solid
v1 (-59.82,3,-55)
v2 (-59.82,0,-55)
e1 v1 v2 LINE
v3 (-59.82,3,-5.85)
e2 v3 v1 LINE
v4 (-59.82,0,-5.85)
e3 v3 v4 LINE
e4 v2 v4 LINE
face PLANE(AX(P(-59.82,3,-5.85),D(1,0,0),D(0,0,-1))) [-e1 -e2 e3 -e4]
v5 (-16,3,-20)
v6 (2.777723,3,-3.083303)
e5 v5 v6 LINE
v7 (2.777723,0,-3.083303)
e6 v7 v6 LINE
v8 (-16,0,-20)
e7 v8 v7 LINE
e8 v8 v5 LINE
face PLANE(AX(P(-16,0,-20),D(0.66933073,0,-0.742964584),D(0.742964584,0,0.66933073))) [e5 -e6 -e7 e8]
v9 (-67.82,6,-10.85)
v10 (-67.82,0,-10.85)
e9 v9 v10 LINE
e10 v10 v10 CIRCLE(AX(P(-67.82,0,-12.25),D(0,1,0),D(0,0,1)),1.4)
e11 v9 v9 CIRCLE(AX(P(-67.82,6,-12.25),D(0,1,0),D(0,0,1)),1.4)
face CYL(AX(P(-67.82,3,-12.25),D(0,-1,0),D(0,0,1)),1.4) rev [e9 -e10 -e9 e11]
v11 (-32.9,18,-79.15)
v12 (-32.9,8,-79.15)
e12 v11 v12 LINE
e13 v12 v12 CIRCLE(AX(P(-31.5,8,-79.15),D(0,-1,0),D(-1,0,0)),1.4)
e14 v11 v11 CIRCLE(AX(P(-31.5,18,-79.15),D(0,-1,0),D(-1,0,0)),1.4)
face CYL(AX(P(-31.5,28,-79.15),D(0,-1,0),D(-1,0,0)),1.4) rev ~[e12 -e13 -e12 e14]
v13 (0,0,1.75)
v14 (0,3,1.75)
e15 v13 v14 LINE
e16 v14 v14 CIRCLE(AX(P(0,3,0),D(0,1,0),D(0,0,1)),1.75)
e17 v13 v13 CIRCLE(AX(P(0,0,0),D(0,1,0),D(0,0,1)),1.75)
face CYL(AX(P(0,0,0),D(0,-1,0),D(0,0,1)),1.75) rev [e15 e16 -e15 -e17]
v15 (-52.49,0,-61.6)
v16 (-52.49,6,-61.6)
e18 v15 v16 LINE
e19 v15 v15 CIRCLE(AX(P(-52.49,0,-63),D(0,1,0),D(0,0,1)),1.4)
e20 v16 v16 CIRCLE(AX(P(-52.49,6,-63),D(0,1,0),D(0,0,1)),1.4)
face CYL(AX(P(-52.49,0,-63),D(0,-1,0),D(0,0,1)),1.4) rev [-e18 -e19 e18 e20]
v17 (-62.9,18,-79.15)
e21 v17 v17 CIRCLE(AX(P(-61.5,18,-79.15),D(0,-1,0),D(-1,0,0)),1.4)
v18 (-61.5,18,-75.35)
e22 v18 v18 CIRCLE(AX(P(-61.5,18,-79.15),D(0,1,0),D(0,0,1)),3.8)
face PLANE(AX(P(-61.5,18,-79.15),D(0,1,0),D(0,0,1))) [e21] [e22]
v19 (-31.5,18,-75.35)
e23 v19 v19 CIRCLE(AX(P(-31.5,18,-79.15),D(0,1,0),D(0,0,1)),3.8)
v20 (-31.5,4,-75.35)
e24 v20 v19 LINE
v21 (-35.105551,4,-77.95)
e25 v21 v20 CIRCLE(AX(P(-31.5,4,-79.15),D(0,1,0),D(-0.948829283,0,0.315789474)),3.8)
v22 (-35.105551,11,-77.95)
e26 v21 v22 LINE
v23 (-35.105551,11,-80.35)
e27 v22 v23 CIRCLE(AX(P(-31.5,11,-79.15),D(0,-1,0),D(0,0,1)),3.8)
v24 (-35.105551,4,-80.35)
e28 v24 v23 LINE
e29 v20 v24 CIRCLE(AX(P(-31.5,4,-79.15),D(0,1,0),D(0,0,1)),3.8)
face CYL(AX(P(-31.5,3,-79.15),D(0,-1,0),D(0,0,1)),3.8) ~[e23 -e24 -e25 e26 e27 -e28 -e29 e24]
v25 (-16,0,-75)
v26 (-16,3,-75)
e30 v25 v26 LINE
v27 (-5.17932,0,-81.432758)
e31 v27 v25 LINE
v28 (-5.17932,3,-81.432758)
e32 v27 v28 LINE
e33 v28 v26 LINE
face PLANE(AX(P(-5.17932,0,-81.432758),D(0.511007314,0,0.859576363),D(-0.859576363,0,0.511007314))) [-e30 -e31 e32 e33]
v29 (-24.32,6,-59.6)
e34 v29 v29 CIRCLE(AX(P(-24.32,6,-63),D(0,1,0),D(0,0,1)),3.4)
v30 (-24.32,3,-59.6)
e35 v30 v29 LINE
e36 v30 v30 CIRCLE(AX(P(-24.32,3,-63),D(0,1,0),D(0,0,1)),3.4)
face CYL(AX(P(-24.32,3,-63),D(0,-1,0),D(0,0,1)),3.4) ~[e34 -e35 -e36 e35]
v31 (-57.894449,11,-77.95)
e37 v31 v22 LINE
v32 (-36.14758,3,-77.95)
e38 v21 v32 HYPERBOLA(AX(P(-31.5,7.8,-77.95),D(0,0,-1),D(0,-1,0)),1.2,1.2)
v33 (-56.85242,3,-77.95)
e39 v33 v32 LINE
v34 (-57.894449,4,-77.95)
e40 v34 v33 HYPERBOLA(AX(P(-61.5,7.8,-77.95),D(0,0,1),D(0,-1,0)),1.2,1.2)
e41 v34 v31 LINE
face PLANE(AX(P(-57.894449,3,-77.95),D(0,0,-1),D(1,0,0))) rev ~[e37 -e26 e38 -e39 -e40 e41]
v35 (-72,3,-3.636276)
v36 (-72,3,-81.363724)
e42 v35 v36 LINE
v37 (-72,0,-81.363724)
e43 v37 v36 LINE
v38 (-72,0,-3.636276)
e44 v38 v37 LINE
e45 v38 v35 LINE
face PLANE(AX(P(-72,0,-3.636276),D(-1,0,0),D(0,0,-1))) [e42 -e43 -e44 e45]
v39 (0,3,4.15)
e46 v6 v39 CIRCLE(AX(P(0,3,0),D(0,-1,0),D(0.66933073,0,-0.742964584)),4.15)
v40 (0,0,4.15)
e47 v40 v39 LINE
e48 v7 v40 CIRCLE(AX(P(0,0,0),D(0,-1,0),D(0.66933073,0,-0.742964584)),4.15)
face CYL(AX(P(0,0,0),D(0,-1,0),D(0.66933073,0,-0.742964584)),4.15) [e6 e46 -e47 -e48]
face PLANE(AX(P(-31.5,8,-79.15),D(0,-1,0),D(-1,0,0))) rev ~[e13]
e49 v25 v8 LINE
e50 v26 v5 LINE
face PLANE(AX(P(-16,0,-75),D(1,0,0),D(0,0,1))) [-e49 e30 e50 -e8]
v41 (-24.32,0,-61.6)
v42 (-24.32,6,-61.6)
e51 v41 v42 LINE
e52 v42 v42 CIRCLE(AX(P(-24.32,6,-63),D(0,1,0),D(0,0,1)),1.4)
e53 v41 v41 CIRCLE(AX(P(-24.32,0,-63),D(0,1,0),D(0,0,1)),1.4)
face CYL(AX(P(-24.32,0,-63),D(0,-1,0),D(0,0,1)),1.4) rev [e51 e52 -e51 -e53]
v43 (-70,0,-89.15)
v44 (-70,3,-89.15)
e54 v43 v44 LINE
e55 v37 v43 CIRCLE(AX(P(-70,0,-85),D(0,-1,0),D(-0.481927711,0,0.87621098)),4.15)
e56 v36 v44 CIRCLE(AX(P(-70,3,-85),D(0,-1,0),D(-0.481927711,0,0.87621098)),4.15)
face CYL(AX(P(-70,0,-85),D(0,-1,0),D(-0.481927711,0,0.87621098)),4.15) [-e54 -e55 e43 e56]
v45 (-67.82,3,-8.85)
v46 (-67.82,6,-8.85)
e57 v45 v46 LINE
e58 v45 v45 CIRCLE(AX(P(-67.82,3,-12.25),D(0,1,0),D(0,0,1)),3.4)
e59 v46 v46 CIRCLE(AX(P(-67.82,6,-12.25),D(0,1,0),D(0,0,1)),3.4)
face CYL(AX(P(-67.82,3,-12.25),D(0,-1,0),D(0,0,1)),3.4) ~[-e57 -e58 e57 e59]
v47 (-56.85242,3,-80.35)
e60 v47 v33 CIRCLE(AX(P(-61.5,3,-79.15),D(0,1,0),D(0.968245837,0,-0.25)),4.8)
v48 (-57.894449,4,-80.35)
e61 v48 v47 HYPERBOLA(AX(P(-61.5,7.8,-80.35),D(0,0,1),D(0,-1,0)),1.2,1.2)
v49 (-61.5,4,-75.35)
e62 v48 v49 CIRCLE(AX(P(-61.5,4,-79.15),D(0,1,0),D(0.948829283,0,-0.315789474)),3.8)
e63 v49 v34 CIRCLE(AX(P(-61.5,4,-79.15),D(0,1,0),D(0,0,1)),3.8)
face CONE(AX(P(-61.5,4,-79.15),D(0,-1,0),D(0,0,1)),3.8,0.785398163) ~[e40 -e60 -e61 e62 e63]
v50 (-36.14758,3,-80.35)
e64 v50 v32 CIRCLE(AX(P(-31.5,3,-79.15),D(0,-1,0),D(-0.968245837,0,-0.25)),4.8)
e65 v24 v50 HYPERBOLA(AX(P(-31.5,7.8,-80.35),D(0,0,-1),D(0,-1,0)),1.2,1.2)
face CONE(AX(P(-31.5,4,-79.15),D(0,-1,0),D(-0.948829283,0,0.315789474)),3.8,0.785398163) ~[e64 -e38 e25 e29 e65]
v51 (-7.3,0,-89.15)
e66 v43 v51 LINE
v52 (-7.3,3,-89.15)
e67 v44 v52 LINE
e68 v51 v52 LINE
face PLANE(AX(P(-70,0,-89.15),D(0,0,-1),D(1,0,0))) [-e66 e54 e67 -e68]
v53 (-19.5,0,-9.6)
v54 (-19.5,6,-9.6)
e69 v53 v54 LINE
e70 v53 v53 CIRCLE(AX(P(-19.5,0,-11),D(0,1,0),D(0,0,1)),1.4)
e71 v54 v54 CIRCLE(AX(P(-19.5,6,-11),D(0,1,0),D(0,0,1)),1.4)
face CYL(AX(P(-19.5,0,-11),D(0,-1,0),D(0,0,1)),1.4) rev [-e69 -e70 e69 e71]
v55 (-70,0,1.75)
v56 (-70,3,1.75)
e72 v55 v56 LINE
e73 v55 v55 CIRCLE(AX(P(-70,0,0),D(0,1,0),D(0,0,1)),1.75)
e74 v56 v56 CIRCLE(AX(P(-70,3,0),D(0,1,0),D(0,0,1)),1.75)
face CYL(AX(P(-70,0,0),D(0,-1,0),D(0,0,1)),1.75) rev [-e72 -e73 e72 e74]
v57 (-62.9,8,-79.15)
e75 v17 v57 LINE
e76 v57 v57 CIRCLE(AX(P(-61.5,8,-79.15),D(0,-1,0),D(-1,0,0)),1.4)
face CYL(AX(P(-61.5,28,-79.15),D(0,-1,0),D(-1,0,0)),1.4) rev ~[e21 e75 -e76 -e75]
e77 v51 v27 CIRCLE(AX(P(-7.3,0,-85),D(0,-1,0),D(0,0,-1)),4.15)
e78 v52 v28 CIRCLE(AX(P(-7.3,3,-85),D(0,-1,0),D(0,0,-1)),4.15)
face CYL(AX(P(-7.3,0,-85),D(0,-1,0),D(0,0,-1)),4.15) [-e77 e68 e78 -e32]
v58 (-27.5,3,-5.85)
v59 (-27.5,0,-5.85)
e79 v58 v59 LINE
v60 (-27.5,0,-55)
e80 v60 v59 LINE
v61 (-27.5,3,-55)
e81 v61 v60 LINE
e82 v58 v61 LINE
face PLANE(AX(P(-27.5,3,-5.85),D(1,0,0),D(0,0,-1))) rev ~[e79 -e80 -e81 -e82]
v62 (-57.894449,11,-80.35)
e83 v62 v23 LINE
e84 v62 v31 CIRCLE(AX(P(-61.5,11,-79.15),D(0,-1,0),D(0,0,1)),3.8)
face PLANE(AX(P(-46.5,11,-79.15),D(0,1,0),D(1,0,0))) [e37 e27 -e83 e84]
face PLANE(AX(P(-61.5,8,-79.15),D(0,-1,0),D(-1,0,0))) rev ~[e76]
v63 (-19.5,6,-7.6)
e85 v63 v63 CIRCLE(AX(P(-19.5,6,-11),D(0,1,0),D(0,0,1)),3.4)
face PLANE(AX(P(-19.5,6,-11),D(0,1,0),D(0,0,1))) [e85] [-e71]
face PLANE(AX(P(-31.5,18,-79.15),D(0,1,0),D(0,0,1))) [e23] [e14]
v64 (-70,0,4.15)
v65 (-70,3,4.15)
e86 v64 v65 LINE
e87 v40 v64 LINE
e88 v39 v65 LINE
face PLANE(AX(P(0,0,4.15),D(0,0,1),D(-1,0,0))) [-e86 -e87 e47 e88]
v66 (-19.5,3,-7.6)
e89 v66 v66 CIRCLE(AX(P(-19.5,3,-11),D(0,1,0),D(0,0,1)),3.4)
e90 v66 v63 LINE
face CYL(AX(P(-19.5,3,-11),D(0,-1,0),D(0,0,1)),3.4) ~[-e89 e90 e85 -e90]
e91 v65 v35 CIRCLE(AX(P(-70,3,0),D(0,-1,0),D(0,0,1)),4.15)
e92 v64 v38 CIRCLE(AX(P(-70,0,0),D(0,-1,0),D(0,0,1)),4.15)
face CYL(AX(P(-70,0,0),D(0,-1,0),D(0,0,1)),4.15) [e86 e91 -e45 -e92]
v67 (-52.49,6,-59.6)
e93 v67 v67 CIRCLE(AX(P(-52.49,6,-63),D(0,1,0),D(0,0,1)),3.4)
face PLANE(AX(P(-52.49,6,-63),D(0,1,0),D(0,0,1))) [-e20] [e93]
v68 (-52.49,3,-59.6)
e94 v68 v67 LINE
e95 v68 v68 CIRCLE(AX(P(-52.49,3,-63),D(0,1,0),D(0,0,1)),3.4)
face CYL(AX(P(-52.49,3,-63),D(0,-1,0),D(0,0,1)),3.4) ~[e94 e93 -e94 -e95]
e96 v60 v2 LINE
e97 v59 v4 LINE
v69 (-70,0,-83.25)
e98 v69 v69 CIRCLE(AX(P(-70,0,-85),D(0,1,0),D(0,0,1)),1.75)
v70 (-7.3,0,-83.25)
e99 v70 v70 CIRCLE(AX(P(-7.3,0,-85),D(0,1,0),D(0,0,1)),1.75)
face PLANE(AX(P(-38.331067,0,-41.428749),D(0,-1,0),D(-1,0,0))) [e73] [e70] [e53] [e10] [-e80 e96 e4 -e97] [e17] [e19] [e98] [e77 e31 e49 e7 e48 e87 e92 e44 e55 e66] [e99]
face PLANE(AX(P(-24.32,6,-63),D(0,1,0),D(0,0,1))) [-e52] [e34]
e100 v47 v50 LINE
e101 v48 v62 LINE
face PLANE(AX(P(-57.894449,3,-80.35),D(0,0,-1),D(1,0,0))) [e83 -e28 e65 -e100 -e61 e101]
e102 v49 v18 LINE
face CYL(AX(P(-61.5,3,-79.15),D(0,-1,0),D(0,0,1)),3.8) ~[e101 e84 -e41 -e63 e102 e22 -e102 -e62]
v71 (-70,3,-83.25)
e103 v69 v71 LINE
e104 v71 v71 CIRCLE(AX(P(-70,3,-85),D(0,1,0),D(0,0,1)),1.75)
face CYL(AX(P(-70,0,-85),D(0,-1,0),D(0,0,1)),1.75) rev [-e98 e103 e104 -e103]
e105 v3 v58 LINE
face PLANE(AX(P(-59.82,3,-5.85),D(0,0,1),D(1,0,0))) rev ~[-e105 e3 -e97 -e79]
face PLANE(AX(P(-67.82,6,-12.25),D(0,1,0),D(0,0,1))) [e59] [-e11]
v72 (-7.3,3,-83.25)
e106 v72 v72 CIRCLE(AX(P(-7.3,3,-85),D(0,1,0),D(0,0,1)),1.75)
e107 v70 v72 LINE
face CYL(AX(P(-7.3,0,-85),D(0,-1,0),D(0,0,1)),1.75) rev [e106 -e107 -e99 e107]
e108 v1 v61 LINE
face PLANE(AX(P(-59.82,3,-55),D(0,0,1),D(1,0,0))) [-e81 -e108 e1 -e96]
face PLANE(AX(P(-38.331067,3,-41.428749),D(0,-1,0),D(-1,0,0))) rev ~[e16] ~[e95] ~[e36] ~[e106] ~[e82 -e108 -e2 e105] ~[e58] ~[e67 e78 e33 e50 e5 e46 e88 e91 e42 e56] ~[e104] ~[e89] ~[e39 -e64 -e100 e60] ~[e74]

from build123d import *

# Parameters (mm, degrees)
SCHIZZO1_R                   = 1.4
SCHIZZO1_R_2                 = 1.75
ESTRUSIONE_ESTRUSIONE1_DEPTH = 3
SCHIZZO2_R                   = 3.4
SCHIZZO2_R_2                 = 1.4
ESTRUSIONE_ESTRUSIONE2_DEPTH = 3
SCHIZZO3_R                   = 3.8
ESTRUSIONE_ESTRUSIONE3_DEPTH = 15
FORO_2_8_2_8_1_D             = 2.8
FORO_2_8_2_8_1_DEPTH         = 10
SCHIZZO6_W                   = 22.78889745
SCHIZZO6_H                   = 2.4
ESTRUSIONE_ESTRUSIONE4_DEPTH = 8
SMUSSO1_SIZE                 = 1
SCHIZZO8_W                   = 32.32
SCHIZZO8_H                   = 49.15
TAGLIO_ESTRUSIONE1_DEPTH     = 117.922816422


with BuildPart() as part:
    # Schizzo1 → Estrusione-Estrusione1 (new body)
    with BuildSketch(Plane(origin=(0, 0, 0), x_dir=(1, 0, 0), z_dir=(0, 1, 0))):
        with BuildLine():
            Line((-72, 3.636275567), (-72, 81.363724433))
            ThreePointArc((-72, 81.363724433), (-74.019517608, 86.032462202), (-70, 89.15))
            Line((-70, 89.15), (-7.3, 89.15))
            ThreePointArc((-7.3, 89.15), (-3.298340724, 86.09964678), (-5.179319645, 81.432758092))
            Line((-5.179319645, 81.432758092), (-16, 75))
            Line((-16, 75), (-16, 20))
            Line((-16, 20), (2.777722531, 3.083303025))
            ThreePointArc((2.777722531, 3.083303025), (3.87415846, -1.48774871), (0, -4.15))
            Line((0, -4.15), (-70, -4.15))
            ThreePointArc((-70, -4.15), (-74.019517608, -1.032462202), (-72, 3.636275567))
        make_face()
        with Locations(Location((-67.82, 12.25, 0), (0, 0, 270))):
            Circle(SCHIZZO1_R, mode=Mode.SUBTRACT)
        with Locations(Location((-19.5, 11, 0), (0, 0, 270))):
            Circle(SCHIZZO1_R, mode=Mode.SUBTRACT)
        with Locations(Location((-24.32, 63, 0), (0, 0, 270))):
            Circle(SCHIZZO1_R, mode=Mode.SUBTRACT)
        with Locations(Location((-52.49, 63, 0), (0, 0, 270))):
            Circle(SCHIZZO1_R, mode=Mode.SUBTRACT)
        with Locations(Location((0, 0, 0), (0, 0, 270))):
            Circle(SCHIZZO1_R_2, mode=Mode.SUBTRACT)
        with Locations(Location((-70, 0, 0), (0, 0, 270))):
            Circle(SCHIZZO1_R_2, mode=Mode.SUBTRACT)
        with Locations(Location((-70, 85, 0), (0, 0, 270))):
            Circle(SCHIZZO1_R_2, mode=Mode.SUBTRACT)
        with Locations(Location((-7.3, 85, 0), (0, 0, 270))):
            Circle(SCHIZZO1_R_2, mode=Mode.SUBTRACT)
    extrude(amount=ESTRUSIONE_ESTRUSIONE1_DEPTH)

    # Schizzo2 → Estrusione-Estrusione2 (add)
    # profile 1 of 4: a face of its own
    with BuildSketch(Plane(origin=(0, 3, 0), x_dir=(1, 0, 0), z_dir=(0, 1, 0))):
        with Locations(Location((-67.82, 12.25, 0), (0, 0, 270))):
            Circle(SCHIZZO2_R)
        with Locations(Location((-67.82, 12.25, 0), (0, 0, 270))):
            Circle(SCHIZZO2_R_2, mode=Mode.SUBTRACT)
    # profile 2 of 4: a face of its own
    with BuildSketch(Plane(origin=(0, 3, 0), x_dir=(1, 0, 0), z_dir=(0, 1, 0))):
        with Locations(Location((-19.5, 11, 0), (0, 0, 270))):
            Circle(SCHIZZO2_R)
        with Locations(Location((-19.5, 11, 0), (0, 0, 270))):
            Circle(SCHIZZO2_R_2, mode=Mode.SUBTRACT)
    # profile 3 of 4: a face of its own
    with BuildSketch(Plane(origin=(0, 3, 0), x_dir=(1, 0, 0), z_dir=(0, 1, 0))):
        with Locations(Location((-24.32, 63, 0), (0, 0, 270))):
            Circle(SCHIZZO2_R)
        with Locations(Location((-24.32, 63, 0), (0, 0, 270))):
            Circle(SCHIZZO2_R_2, mode=Mode.SUBTRACT)
    # profile 4 of 4: a face of its own
    with BuildSketch(Plane(origin=(0, 3, 0), x_dir=(1, 0, 0), z_dir=(0, 1, 0))):
        with Locations(Location((-52.49, 63, 0), (0, 0, 270))):
            Circle(SCHIZZO2_R)
        with Locations(Location((-52.49, 63, 0), (0, 0, 270))):
            Circle(SCHIZZO2_R_2, mode=Mode.SUBTRACT)
    extrude(amount=ESTRUSIONE_ESTRUSIONE2_DEPTH)

    # Schizzo3 → Estrusione-Estrusione3 (add)
    with BuildSketch(Plane(origin=(0, 3, 0), x_dir=(1, 0, 0), z_dir=(0, 1, 0))):
        with Locations(Location((-61.5, 79.15, 0), (0, 0, 270))):
            Circle(SCHIZZO3_R)
        with Locations(Location((-31.5, 79.15, 0), (0, 0, 270))):
            Circle(SCHIZZO3_R)
    extrude(amount=ESTRUSIONE_ESTRUSIONE3_DEPTH)

    # Foro Ø2.8 (2.8)-1
    with Locations(Plane(origin=(0, 18, 0), x_dir=(1, 0, 0), z_dir=(0, 1, 0))):
        with Locations((-61.5, 79.15), (-31.5, 79.15)):
            Hole(FORO_2_8_2_8_1_D / 2, depth=FORO_2_8_2_8_1_DEPTH)

    # Schizzo6 → Estrusione-Estrusione4 (add)
    with BuildSketch(Plane(origin=(0, 3, 0), x_dir=(1, 0, 0), z_dir=(0, 1, 0))):
        with Locations((-46.5, 79.15)):
            Rectangle(SCHIZZO6_W, SCHIZZO6_H)
    extrude(amount=ESTRUSIONE_ESTRUSIONE4_DEPTH)

    # Smusso1
    smusso1_edges = [part.edges().sort_by_distance(p)[0] for p in [
        (-28.417792999, 3, -81.372611077),
        (-64.582207001, 3, -81.372611077),
    ]]
    chamfer(smusso1_edges, length=SMUSSO1_SIZE)

    # Schizzo8 → Taglio-Estrusione1 (cut, through all)
    with BuildSketch(Plane(origin=(0, 3, 0), x_dir=(1, 0, 0), z_dir=(0, 1, 0))):
        with Locations((-43.66, 30.425)):
            Rectangle(SCHIZZO8_W, SCHIZZO8_H)
    extrude(amount=-TAGLIO_ESTRUSIONE1_DEPTH, mode=Mode.SUBTRACT)


solid = part.part
